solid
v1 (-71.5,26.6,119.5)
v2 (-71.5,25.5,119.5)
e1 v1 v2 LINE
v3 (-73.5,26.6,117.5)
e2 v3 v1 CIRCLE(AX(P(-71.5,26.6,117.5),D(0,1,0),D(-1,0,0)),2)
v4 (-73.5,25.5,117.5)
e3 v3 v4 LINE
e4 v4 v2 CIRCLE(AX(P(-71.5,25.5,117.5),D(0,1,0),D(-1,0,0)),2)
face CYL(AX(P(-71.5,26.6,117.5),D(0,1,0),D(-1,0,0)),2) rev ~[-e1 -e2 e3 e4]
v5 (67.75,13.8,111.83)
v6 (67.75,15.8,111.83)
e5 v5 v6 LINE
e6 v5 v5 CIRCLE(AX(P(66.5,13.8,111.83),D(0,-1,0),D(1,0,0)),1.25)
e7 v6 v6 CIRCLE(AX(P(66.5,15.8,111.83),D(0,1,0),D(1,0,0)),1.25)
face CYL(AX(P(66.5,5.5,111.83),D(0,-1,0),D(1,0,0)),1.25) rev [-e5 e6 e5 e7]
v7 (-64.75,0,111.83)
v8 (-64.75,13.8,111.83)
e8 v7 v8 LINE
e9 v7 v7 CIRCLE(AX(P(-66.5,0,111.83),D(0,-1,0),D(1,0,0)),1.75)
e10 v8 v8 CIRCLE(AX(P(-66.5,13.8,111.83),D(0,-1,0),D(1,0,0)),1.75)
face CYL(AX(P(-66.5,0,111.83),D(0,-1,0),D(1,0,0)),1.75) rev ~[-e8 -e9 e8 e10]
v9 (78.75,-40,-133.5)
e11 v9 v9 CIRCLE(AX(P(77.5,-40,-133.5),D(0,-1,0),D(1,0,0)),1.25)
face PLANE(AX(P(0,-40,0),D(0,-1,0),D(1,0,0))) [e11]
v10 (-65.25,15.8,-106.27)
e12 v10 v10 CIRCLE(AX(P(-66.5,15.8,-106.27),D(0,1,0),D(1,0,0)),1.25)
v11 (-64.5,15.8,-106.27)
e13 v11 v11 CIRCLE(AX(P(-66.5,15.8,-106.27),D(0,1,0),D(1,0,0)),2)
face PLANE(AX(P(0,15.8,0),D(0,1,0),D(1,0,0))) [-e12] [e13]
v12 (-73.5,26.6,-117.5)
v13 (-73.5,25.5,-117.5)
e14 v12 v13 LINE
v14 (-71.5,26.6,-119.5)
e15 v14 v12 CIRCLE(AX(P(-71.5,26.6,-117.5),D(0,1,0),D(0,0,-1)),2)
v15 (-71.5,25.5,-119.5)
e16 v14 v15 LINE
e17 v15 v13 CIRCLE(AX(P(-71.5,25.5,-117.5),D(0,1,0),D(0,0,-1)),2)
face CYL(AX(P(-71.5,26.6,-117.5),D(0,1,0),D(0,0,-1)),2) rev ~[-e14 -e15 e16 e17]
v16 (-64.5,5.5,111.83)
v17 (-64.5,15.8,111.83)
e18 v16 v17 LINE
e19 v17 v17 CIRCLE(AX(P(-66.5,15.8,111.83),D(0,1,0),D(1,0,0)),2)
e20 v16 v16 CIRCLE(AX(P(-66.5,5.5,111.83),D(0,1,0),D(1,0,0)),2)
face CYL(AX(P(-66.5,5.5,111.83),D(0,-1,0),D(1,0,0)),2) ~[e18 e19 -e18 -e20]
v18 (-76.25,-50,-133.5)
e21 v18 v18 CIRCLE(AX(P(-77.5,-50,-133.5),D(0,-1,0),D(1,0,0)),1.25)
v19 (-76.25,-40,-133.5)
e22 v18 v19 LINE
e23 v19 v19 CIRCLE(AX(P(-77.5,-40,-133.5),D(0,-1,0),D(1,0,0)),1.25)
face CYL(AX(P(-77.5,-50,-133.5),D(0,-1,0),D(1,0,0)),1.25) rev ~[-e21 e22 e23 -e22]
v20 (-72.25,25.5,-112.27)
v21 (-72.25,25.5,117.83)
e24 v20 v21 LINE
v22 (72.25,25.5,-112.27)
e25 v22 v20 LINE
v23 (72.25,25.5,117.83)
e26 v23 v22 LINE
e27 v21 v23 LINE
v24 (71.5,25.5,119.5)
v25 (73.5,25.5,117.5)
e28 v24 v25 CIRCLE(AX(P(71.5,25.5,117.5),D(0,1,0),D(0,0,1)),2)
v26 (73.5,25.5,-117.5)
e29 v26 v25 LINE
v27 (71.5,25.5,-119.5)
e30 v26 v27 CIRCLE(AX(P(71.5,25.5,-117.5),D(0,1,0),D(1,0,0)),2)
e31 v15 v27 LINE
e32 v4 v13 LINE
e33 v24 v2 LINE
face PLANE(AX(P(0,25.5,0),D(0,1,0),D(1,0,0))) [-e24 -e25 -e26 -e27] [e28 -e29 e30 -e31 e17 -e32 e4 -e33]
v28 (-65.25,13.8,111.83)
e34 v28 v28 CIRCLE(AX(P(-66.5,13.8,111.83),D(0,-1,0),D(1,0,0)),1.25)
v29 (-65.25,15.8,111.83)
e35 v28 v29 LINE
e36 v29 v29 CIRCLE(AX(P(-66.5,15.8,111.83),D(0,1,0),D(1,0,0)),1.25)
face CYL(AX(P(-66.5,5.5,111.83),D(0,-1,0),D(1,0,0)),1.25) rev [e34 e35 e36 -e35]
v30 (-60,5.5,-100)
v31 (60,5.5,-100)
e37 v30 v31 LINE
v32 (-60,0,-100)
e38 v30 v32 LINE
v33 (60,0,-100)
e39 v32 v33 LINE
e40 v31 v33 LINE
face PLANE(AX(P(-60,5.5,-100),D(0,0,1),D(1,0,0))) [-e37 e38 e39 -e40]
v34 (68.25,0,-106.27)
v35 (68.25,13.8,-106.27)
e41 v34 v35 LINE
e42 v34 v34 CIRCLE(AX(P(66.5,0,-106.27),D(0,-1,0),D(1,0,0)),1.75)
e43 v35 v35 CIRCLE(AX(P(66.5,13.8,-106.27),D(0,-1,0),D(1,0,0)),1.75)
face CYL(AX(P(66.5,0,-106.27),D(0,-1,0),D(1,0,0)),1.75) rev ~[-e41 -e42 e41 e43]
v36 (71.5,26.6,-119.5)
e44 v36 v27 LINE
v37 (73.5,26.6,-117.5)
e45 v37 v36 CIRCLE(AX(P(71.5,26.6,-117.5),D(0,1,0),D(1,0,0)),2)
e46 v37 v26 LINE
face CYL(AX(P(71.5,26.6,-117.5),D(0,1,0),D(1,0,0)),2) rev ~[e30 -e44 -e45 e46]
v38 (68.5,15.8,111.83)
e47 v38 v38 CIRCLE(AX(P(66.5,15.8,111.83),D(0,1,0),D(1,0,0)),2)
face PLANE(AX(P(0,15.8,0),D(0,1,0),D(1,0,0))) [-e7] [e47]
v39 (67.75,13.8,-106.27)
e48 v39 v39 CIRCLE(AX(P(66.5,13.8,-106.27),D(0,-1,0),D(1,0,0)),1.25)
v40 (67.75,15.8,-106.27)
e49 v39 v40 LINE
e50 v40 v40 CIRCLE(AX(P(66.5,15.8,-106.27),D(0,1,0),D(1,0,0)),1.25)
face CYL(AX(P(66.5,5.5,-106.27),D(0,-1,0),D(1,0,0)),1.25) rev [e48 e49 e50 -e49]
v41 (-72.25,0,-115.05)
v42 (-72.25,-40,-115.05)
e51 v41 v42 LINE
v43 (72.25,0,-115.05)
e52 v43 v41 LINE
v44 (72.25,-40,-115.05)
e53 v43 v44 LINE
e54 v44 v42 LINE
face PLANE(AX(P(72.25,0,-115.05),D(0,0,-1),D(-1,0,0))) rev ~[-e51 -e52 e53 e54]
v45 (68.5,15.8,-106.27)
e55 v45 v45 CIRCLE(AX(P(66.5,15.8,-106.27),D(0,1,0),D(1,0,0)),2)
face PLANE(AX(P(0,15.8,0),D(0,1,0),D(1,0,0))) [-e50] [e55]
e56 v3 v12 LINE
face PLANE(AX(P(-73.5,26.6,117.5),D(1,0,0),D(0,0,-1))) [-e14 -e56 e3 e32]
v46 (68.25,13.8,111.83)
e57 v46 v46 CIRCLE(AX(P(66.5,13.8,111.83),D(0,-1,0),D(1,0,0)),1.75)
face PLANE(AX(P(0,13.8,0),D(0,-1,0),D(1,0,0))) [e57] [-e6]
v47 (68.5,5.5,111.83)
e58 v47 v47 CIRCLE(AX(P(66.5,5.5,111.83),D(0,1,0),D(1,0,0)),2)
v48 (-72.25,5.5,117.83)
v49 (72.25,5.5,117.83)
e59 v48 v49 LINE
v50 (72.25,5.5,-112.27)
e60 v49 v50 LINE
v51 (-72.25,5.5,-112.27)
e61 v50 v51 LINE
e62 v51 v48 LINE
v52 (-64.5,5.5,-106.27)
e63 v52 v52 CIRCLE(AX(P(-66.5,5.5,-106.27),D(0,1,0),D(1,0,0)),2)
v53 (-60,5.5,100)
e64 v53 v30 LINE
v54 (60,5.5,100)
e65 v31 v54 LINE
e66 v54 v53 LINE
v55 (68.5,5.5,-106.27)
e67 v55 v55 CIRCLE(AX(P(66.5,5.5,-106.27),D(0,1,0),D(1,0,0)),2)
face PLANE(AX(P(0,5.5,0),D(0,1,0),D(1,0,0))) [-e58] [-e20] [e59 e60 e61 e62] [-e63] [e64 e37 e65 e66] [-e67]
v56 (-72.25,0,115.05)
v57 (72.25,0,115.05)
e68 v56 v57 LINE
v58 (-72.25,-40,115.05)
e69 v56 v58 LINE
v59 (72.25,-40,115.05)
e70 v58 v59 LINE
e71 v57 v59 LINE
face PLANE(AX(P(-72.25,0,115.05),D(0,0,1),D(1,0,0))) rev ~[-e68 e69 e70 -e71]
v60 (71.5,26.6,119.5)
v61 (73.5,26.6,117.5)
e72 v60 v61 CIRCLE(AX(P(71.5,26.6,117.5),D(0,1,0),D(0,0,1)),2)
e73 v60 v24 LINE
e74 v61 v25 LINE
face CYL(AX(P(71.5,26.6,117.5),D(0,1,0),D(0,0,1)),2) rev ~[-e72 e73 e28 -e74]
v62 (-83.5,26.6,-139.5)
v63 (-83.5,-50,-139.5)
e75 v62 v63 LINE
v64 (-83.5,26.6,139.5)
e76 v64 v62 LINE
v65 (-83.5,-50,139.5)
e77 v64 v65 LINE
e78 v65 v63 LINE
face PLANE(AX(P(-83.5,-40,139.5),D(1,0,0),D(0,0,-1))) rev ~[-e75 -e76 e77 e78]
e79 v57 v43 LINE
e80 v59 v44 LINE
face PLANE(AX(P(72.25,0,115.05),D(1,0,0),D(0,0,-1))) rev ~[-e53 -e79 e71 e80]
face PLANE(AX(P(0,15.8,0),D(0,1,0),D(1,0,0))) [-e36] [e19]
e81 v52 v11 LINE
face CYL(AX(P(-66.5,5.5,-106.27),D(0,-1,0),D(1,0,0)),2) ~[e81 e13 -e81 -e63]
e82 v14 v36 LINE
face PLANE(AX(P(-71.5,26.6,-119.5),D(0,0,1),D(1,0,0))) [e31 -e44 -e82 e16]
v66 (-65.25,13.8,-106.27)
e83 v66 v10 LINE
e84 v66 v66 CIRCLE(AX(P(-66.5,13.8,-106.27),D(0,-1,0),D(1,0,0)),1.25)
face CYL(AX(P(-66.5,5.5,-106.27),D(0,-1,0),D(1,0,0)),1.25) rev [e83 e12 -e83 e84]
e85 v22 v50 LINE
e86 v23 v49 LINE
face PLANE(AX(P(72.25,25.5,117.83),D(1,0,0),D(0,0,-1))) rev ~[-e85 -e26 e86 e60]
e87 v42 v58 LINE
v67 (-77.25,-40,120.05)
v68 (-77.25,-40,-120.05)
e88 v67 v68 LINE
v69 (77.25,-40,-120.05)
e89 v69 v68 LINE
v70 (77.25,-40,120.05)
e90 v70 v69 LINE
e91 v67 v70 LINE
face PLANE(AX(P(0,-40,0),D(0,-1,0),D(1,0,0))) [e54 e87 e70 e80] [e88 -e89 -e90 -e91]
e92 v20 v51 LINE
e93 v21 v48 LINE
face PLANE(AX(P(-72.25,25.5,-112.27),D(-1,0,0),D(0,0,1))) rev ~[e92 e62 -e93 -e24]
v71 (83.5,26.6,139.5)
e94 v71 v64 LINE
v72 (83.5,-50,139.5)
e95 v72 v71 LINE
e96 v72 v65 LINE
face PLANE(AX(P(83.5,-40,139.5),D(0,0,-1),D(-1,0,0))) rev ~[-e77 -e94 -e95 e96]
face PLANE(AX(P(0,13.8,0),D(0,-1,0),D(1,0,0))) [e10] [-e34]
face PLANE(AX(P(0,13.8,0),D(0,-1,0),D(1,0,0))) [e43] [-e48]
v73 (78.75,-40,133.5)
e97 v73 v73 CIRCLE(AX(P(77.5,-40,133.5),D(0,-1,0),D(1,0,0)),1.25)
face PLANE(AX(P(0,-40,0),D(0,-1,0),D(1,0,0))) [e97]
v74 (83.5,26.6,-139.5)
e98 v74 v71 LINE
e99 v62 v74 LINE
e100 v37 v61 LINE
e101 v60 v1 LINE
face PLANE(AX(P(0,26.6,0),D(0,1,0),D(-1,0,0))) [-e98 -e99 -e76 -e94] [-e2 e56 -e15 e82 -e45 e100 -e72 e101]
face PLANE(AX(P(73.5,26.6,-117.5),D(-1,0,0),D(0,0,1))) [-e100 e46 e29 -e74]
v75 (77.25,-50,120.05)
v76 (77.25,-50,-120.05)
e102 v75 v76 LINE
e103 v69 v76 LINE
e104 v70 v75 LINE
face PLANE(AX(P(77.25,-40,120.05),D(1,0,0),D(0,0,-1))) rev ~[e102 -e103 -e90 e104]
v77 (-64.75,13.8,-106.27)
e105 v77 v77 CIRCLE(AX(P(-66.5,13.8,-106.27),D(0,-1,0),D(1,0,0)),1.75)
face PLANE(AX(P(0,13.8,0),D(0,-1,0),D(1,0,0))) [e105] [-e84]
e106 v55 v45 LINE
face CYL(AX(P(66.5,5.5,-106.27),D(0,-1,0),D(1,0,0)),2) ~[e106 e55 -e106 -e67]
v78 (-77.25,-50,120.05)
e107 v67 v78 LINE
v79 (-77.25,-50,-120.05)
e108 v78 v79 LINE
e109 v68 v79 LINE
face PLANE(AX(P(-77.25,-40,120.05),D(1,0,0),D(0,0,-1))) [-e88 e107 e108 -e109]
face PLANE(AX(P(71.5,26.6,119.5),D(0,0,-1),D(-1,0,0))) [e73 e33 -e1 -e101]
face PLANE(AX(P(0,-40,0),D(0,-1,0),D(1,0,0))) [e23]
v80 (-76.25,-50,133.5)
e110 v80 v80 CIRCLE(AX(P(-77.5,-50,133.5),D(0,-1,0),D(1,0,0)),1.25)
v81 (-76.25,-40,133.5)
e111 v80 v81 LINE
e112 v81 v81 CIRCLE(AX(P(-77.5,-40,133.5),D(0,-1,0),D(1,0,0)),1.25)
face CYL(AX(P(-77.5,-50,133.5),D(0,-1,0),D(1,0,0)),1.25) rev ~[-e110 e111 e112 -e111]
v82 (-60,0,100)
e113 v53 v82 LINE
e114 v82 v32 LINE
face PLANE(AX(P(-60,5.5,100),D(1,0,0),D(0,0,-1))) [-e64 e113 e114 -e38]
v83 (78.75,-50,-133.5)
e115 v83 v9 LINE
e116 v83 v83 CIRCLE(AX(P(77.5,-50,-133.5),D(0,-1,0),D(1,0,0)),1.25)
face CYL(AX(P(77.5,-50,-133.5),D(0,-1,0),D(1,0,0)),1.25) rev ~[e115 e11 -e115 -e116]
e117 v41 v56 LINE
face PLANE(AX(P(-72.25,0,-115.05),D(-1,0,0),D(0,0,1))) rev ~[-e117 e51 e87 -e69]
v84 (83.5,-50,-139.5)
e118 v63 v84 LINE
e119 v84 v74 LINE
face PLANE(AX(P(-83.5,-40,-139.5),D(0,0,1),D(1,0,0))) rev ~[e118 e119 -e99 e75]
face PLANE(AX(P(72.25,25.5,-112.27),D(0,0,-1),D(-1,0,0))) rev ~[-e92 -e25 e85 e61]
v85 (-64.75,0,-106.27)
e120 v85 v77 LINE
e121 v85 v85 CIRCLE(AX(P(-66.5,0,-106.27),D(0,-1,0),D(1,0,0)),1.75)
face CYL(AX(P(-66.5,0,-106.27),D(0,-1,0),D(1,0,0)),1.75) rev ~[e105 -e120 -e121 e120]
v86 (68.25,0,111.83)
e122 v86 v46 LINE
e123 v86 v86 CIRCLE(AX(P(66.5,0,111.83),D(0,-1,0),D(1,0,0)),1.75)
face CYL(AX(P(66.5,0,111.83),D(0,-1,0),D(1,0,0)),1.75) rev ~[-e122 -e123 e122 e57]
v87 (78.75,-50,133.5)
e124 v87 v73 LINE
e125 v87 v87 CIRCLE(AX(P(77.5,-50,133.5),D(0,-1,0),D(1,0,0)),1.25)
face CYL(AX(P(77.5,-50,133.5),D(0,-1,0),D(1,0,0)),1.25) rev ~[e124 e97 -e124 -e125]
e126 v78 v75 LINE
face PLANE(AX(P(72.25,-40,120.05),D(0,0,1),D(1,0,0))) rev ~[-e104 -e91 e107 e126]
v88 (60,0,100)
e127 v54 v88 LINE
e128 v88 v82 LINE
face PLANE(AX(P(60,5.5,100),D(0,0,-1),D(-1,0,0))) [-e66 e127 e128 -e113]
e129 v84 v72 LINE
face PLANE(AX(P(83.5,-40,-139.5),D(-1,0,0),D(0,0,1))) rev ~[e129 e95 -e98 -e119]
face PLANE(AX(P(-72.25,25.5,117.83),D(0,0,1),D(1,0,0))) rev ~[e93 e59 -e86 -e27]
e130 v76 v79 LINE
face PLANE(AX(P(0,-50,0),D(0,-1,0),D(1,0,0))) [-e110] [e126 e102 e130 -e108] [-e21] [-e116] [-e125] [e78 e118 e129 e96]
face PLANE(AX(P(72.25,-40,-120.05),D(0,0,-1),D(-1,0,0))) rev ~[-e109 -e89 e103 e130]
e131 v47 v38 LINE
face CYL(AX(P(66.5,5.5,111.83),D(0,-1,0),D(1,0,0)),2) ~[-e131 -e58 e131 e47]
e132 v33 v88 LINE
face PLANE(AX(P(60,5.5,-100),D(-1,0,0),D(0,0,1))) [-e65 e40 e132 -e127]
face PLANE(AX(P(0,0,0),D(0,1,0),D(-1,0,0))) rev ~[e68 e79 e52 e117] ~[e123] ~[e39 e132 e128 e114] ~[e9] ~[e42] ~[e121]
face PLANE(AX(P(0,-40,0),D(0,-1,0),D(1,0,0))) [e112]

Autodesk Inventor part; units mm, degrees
ref_plane "YZ Plane" through (0, 0, 0) normal (1, 0, 0) x (0, 1, 0)
ref_plane "XZ Plane" through (0, 0, 0) normal (0, 1, 0) x (-1, 0, 0)
ref_plane "XY Plane" through (0, 0, 0) normal (0, 0, 1) x (1, 0, 0)
sketch "Sketch1" plane through (0, 0, 0) normal (0, 1, 0) x (-1, 0, 0)
  line L0 (-83.5, 139.5) -> (83.5, 139.5)
  line L1 (83.5, 139.5) -> (83.5, -139.5)
  line L2 (83.5, -139.5) -> (-83.5, -139.5)
  line L3 (-83.5, -139.5) -> (-83.5, 139.5)
  line L4 (-83.5, 139.5) -> (83.5, -139.5) construction
  line L5 (83.5, 139.5) -> (-83.5, -139.5) construction
  point P0 (0, 0)
  dimension "d0" = 167
  dimension "d1" = 279
extrude "Extrusion1" add sketch "Sketch1" along normal blind 26.6
sketch "Sketch2" plane through (0, 26.6, 0) normal (0, 1, 0) x (1, 0, 0)
  line L0 (71.5, -119.5) -> (-71.5, -119.5)
  line L1 (-73.5, -117.5) -> (-73.5, 117.5)
  line L2 (-71.5, 119.5) -> (71.5, 119.5)
  line L3 (73.5, 117.5) -> (73.5, -117.5)
  line L4 (73.5, -119.5) -> (-73.5, 119.5) construction
  line L5 (-73.5, -119.5) -> (73.5, 119.5) construction
  arc A0 (-73.5, -117.5) -> (-71.5, -119.5) centre (-71.5, -117.5) ccw
  arc A1 (-71.5, 119.5) -> (-73.5, 117.5) centre (-71.5, 117.5) ccw
  arc A2 (73.5, 117.5) -> (71.5, 119.5) centre (71.5, 117.5) ccw
  arc A3 (71.5, -119.5) -> (73.5, -117.5) centre (71.5, -117.5) ccw
  point P0 (0, 0)
  dimension "d4" = 147
  dimension "d5" = 239
  dimension "d6" = 2
extrude "Extrusion2" cut sketch "Sketch2" against normal blind 1.1
sketch "Sketch3" plane through (0, 25.5, 0) normal (0, 1, 0) x (1, 0, 0)
  line L0 (-73.5, -117.5) -> (-73.5, 117.5) projected
  line L1 (71.5, -119.5) -> (-71.5, -119.5) projected
  line L2 (-72.25, -117.83) -> (72.25, -117.83)
  line L3 (72.25, -117.83) -> (72.25, 112.27)
  line L4 (72.25, 112.27) -> (-72.25, 112.27)
  line L5 (-72.25, 112.27) -> (-72.25, -117.83)
  point P0 (0, 0)
  dimension "d9" = 1.25
  dimension "d10" = 1.67
  dimension "d11" = 144.5
  dimension "d12" = 230.1
extrude "Extrusion3" cut sketch "Sketch3" against normal blind 20
sketch "Sketch4" plane through (0, 5.5, 0) normal (0, 1, 0) x (1, 0, 0)
  circle A0 centre (-66.5, -111.83) radius 2
  line L0 (72.25, -117.83) -> (-72.25, -117.83) projected
  line L1 (-72.25, -117.83) -> (-72.25, 112.27) projected
  circle A1 centre (66.5, -111.83) radius 2
  line L2 (72.25, 112.27) -> (72.25, -117.83) projected
  circle A2 centre (-66.5, 106.27) radius 2
  line L3 (-72.25, 112.27) -> (72.25, 112.27) projected
  circle A3 centre (66.5, 106.27) radius 2
  point P0 (0, 0)
  dimension "d15" = 4
  dimension "d16" = 6
  dimension "d17" = 5.75
  dimension "d18" = 4
  dimension "d19" = 6
  dimension "d20" = 5.75
  dimension "d21" = 4
  dimension "d22" = 5.75
  dimension "d23" = 6
  dimension "d24" = 4
  dimension "d25" = 6
  dimension "d26" = 5.75
extrude "Extrusion4" add sketch "Sketch4" along normal blind 10.3 contours A0 | A1 | A2 | A3
sketch "Sketch5" plane through (0, 5.5, 0) normal (0, 1, 0) x (1, 0, 0)
  circle A0 centre (-66.5, -111.83) radius 2 projected
  circle A1 centre (-66.5, -111.83) radius 1.25
  circle A2 centre (-66.5, 106.27) radius 2 projected
  circle A3 centre (-66.5, 106.27) radius 1.25
  circle A4 centre (66.5, 106.27) radius 2 projected
  circle A5 centre (66.5, 106.27) radius 1.25
  circle A6 centre (66.5, -111.83) radius 1.25
  point P0 (0, 0)
  dimension "d29" = 2.5
  dimension "d30" = 2.5
  dimension "d31" = 2.5
  dimension "d32" = 2.5
extrude "Extrusion5" cut sketch "Sketch5" along normal blind 10.3 and the other way blind 5.5 contours A1 | A3 | A5 | A6
sketch "Sketch8" plane through (0, 0, 0) normal (0, -1, 0) x (1, 0, 0)
  circle A0 centre (66.5, 111.83) radius 1.25 projected
  circle A1 centre (66.5, 111.83) radius 1.75
  circle A2 centre (66.5, -106.27) radius 1.25 projected
  circle A3 centre (66.5, -106.27) radius 1.75
  circle A4 centre (-66.5, -106.27) radius 1.25 projected
  circle A5 centre (-66.5, -106.27) radius 1.75
  circle A6 centre (-66.5, 111.83) radius 1.75
  point P0 (0, 0)
  dimension "d49" = 3.5
  dimension "d50" = 3.5
  dimension "d51" = 3.5
  dimension "d52" = 3.5
extrude "Extrusion8" cut sketch "Sketch8" against normal blind 13.8
sketch "Sketch9" plane through (0, 5.5, 0) normal (0, 1, 0) x (1, 0, 0)
  line L0 (60, -100) -> (-60, -100)
  line L1 (-60, -100) -> (-60, 100)
  line L2 (-60, 100) -> (60, 100)
  line L3 (60, 100) -> (60, -100)
  line L4 (60, -100) -> (-60, 100) construction
  line L5 (-60, -100) -> (60, 100) construction
  point P0 (0, 0)
  dimension "d55" = 120
  dimension "d56" = 200
extrude "Extrusion9" cut sketch "Sketch9" against normal blind 5.8
sketch "Sketch10" plane through (0, 0, 0) normal (0, -1, 0) x (1, 0, 0)
  line L0 (83.5, 139.5) -> (83.5, -139.5) projected
  line L1 (-83.5, -139.5) -> (-83.5, 139.5) projected
  line L2 (83.5, 139.5) -> (-83.5, 139.5)
  line L3 (-83.5, 139.5) -> (-83.5, -139.5)
  line L4 (-83.5, -139.5) -> (83.5, -139.5)
  line L5 (83.5, -139.5) -> (83.5, 139.5)
  line L6 (72.25, -115.05) -> (-72.25, -115.05)
  line L7 (-72.25, -115.05) -> (-72.25, 115.05)
  line L8 (-72.25, 115.05) -> (72.25, 115.05)
  line L9 (72.25, 115.05) -> (72.25, -115.05)
  line L10 (72.25, -115.05) -> (-72.25, 115.05) construction
  line L11 (-72.25, -115.05) -> (72.25, 115.05) construction
  line L12 (-83.5, -139.5) -> (83.5, -139.5)
  line L13 (83.5, -139.5) -> (83.5, 139.5)
  line L14 (83.5, 139.5) -> (-83.5, 139.5)
  line L15 (-83.5, 139.5) -> (-83.5, -139.5)
  point P0 (0, 0)
  point P1 (71.5, 119.5)
  dimension "d67" = 144.5
  dimension "d68" = 230.1
extrude "Extrusion10" add sketch "Sketch10" along normal blind 40
sketch "Sketch12" plane through (0, -40, 0) normal (0, -1, 0) x (1, 0, 0)
  line L0 (-72.25, -115.05) -> (-72.25, 115.05) projected
  line L1 (72.25, -115.05) -> (-72.25, -115.05) projected
  line L2 (-77.25, -120.05) -> (-72.25, -120.05)
  line L3 (-72.25, -120.05) -> (-72.25, 120.05)
  line L4 (-72.25, 120.05) -> (-77.25, 120.05)
  line L5 (-77.25, 120.05) -> (-77.25, -120.05)
  line L6 (72.25, 115.05) -> (72.25, -115.05) projected
  line L7 (77.25, -120.05) -> (72.25, -120.05)
  line L8 (72.25, -120.05) -> (72.25, 120.05)
  line L9 (72.25, 120.05) -> (77.25, 120.05)
  line L10 (77.25, 120.05) -> (77.25, -120.05)
  line L11 (72.25, 115.05) -> (-72.25, 115.05) projected
  line L12 (72.25, 120.05) -> (-72.25, 120.05)
  line L13 (-72.25, 120.05) -> (-72.25, 115.05)
  line L14 (-72.25, 115.05) -> (72.25, 115.05)
  line L15 (72.25, 115.05) -> (72.25, 120.05)
  line L16 (-83.5, 139.5) -> (-83.5, -139.5) projected
  line L17 (83.5, 139.5) -> (-83.5, 139.5) projected
  line L18 (-83.5, -139.5) -> (83.5, -139.5)
  line L19 (83.5, -139.5) -> (83.5, 139.5)
  line L20 (83.5, 139.5) -> (-83.5, 139.5)
  line L21 (-83.5, 139.5) -> (-83.5, -139.5)
  line L22 (-72.25, -115.05) -> (72.25, -115.05) projected
  line L23 (-72.25, -115.05) -> (72.25, -115.05)
  line L24 (72.25, -115.05) -> (72.25, -120.05)
  line L25 (72.25, -120.05) -> (-72.25, -120.05)
  line L26 (-72.25, -120.05) -> (-72.25, -115.05)
  point P0 (0, 0)
  dimension "d69" = 5
  dimension "d70" = 5
  dimension "d71" = 240.1
  dimension "d72" = 5
  dimension "d73" = 5
  dimension "d74" = 240.1
extrude "Extrusion11" add sketch "Sketch12" along normal blind 10
sketch "Sketch13" plane through (0, -50, 0) normal (0, -1, 0) x (1, 0, 0)
  circle A0 centre (-77.5, -133.5) radius 1.25
  line L0 (-83.5, 139.5) -> (-83.5, -139.5) projected
  line L1 (-83.5, -139.5) -> (83.5, -139.5) projected
  circle A1 centre (-77.5, 133.5) radius 1.25
  line L2 (83.5, 139.5) -> (-83.5, 139.5) projected
  circle A2 centre (77.5, 133.5) radius 1.25
  line L3 (83.5, -139.5) -> (83.5, 139.5) projected
  circle A3 centre (77.5, -133.5) radius 1.25
  point P0 (0, 0)
  dimension "d77" = 2.5
  dimension "d78" = 6
  dimension "d79" = 6
  dimension "d80" = 2.5
  dimension "d81" = 6
  dimension "d82" = 6
  dimension "d83" = 2.5
  dimension "d84" = 6
  dimension "d85" = 6
  dimension "d86" = 6
  dimension "d87" = 6
extrude "Extrusion12" cut sketch "Sketch13" against normal blind 10 contours A0 | A1 | A2 | A3
properties part number "Enclosure"
